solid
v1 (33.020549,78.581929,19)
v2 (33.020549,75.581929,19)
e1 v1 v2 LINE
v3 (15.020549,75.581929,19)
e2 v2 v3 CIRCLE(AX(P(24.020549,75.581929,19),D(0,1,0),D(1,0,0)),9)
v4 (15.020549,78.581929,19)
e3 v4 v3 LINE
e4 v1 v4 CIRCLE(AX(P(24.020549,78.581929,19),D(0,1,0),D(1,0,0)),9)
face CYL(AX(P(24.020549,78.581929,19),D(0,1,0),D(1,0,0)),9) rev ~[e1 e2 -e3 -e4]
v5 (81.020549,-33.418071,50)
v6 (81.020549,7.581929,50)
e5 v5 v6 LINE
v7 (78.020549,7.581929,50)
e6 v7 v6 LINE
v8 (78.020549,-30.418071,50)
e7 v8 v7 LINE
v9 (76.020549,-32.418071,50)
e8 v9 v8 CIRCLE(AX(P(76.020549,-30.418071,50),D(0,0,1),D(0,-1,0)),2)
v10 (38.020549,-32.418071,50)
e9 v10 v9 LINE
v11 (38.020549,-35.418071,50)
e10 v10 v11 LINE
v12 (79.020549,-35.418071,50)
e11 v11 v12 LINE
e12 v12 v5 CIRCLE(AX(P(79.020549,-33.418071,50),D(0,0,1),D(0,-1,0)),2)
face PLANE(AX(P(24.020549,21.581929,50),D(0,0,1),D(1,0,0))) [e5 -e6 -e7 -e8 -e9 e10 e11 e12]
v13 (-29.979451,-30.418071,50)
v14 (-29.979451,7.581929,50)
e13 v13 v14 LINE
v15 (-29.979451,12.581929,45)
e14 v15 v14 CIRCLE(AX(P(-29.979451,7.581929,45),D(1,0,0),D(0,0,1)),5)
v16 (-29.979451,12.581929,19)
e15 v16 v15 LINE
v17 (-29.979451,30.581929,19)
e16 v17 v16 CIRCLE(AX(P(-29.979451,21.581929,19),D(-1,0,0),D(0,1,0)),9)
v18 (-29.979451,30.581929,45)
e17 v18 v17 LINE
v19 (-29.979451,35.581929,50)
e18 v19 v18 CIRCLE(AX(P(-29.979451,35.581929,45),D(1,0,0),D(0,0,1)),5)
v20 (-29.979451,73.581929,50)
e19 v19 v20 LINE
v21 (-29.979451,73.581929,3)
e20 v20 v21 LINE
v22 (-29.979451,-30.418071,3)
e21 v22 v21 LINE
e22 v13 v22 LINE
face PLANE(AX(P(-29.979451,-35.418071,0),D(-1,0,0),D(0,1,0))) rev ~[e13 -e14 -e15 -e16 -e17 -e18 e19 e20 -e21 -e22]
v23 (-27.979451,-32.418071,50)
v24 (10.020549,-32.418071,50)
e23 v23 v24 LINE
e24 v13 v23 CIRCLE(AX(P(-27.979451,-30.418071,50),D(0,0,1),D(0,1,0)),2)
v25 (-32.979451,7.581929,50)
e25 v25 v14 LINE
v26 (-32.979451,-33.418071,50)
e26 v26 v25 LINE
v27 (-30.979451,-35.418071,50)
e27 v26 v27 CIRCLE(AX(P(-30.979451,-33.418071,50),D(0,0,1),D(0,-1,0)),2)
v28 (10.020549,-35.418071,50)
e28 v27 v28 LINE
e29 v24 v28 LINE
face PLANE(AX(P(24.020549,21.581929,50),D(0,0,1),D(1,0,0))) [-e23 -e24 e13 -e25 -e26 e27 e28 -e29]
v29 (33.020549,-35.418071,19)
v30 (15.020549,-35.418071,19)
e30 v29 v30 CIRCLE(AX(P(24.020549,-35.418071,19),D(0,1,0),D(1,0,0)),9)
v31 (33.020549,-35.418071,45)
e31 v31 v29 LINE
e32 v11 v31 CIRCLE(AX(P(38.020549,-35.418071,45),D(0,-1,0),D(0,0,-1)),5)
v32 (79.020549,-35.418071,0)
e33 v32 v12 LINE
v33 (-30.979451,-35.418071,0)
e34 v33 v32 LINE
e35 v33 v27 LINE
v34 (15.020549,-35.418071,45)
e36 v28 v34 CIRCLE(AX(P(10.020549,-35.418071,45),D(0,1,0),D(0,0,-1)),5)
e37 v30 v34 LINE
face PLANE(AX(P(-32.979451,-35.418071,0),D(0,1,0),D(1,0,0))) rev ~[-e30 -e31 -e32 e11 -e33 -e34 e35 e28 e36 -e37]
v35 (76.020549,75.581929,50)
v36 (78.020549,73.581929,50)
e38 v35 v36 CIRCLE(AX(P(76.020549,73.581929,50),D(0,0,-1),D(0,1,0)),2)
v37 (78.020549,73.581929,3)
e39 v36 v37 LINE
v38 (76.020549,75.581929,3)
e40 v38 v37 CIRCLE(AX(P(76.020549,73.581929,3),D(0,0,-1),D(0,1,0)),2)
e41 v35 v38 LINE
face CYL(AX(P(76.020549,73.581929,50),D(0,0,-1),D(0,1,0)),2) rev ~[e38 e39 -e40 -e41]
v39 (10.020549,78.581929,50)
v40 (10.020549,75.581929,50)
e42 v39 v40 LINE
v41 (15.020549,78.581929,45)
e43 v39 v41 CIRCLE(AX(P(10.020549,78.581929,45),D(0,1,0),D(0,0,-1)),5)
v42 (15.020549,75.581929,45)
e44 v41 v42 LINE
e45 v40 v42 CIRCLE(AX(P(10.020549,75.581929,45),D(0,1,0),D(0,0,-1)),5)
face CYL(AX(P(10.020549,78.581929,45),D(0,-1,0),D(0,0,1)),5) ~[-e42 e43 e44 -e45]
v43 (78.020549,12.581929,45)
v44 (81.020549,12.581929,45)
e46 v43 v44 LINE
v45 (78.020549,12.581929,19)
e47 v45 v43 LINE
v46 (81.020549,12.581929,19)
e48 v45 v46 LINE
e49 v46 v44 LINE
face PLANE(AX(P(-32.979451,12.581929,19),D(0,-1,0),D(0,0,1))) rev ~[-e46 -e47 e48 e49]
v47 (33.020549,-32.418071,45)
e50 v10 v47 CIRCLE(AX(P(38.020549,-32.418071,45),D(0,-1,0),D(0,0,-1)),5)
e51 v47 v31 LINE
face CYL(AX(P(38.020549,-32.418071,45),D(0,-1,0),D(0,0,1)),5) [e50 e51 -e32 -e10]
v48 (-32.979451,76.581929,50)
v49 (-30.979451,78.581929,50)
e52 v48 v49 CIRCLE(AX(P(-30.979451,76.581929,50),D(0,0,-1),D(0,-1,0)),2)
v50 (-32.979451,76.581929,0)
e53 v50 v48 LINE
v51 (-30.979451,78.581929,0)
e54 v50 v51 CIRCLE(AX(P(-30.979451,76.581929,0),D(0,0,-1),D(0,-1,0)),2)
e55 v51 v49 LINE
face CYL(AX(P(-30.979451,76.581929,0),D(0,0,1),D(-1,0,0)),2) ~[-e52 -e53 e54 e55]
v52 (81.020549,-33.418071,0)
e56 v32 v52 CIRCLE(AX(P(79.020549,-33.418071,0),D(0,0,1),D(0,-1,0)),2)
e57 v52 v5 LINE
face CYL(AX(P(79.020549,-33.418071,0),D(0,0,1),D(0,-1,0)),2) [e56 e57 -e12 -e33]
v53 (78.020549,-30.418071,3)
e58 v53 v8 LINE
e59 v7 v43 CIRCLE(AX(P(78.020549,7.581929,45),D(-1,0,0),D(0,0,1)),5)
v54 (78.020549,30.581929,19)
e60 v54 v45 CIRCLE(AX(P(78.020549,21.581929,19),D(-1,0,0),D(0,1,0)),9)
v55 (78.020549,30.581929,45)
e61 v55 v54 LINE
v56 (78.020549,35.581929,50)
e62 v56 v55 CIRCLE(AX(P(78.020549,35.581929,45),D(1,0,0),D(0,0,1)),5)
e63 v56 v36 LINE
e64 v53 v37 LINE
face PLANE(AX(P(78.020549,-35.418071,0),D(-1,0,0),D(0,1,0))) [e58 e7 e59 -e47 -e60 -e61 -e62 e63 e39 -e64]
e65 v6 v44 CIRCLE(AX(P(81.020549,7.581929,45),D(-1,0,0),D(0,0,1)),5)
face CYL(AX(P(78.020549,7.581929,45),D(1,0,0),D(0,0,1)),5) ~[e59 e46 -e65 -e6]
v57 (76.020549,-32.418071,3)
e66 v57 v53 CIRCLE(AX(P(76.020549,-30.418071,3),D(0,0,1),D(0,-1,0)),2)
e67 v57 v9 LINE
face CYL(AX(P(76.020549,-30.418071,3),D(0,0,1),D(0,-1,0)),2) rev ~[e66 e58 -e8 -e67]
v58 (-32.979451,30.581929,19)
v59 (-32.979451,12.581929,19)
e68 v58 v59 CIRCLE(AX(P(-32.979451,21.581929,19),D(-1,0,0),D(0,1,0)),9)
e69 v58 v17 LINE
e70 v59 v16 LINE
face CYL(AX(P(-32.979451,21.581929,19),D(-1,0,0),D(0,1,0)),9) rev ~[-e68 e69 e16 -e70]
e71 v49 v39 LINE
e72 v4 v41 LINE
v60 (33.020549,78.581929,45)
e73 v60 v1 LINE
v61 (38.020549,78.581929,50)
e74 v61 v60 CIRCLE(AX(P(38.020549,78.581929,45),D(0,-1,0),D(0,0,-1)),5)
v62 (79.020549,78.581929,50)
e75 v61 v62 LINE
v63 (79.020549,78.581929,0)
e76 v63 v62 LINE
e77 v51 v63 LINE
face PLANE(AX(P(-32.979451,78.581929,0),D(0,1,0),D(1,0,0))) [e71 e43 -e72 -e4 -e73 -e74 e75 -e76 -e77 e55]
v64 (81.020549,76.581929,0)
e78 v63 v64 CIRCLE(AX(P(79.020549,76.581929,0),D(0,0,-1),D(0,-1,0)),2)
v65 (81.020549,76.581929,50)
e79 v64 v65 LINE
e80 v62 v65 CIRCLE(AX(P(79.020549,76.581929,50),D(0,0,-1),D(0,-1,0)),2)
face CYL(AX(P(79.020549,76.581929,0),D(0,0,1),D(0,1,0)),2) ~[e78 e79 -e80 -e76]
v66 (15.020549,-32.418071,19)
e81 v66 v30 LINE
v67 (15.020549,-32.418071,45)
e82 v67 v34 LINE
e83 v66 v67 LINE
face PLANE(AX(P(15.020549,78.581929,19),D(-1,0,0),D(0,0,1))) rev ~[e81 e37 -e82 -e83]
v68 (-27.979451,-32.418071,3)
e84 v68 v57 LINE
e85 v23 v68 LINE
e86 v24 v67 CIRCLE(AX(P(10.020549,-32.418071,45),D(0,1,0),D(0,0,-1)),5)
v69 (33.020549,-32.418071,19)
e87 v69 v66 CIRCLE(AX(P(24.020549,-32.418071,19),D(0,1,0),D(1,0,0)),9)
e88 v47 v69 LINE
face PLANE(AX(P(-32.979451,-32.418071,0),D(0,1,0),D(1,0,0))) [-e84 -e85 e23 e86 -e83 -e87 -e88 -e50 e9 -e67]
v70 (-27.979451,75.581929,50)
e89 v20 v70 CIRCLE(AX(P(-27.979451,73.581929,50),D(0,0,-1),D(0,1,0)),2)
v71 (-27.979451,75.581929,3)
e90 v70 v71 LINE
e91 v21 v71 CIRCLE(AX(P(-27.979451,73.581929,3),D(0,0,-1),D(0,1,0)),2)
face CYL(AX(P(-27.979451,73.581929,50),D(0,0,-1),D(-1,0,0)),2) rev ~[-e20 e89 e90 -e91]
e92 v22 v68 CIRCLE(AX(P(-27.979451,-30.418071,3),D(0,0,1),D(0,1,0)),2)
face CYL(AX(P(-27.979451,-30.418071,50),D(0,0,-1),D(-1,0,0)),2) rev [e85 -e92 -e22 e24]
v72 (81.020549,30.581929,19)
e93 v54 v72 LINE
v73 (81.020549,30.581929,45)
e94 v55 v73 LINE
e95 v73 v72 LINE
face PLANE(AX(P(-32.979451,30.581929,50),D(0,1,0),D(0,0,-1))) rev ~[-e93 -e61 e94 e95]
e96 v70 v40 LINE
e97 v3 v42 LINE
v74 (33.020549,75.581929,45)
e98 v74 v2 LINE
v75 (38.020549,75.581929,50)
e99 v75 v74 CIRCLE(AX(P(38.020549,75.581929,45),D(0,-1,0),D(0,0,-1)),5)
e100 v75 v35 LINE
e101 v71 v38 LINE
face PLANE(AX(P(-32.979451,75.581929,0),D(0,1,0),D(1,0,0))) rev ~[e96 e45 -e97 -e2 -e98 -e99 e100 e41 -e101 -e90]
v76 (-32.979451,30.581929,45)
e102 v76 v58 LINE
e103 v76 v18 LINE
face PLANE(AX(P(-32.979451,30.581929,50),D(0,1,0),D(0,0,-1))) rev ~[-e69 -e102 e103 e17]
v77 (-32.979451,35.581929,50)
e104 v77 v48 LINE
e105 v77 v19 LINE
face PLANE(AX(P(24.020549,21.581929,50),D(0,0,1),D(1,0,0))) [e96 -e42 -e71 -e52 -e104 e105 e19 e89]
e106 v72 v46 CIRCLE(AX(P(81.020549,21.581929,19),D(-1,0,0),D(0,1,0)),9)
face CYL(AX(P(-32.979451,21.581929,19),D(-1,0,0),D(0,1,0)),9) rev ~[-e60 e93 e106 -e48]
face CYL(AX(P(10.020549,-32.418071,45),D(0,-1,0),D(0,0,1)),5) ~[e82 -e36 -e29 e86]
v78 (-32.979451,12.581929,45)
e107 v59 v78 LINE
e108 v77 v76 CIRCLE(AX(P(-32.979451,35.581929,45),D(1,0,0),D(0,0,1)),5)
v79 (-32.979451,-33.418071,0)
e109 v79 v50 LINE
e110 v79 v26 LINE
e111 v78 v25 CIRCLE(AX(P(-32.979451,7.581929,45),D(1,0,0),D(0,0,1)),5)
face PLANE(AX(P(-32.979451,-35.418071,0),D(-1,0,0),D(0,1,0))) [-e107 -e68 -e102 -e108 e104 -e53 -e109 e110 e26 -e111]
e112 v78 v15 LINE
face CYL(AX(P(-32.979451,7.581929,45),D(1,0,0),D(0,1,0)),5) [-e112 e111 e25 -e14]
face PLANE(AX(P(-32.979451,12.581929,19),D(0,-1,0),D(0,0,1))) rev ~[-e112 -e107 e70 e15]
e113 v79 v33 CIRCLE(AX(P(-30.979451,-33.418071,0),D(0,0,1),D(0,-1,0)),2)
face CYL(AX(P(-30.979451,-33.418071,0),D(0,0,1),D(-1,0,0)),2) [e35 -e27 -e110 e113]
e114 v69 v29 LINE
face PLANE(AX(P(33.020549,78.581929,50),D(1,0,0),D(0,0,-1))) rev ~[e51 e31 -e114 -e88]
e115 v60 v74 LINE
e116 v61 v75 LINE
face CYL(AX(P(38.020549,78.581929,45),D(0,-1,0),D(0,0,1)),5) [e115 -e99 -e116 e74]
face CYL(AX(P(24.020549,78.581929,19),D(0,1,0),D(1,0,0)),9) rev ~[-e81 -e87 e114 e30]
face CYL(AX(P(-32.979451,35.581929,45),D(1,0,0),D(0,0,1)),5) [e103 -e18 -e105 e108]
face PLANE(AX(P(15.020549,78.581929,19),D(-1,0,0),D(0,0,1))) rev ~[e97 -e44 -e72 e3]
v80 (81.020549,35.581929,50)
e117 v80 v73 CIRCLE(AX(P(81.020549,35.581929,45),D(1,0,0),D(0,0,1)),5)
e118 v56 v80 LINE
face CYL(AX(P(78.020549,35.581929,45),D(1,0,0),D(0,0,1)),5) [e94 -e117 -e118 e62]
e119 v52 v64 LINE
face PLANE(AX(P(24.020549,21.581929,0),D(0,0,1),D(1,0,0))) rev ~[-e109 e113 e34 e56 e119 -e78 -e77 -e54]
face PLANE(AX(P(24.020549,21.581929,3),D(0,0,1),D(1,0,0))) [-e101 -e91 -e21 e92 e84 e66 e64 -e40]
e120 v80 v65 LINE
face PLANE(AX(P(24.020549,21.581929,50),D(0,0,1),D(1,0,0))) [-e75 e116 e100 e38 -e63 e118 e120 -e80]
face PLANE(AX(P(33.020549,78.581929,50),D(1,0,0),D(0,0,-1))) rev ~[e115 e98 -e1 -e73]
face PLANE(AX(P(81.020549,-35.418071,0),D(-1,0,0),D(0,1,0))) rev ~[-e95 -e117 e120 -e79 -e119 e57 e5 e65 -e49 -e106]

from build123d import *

# Parameters (mm, degrees)
F0_W     = 114
F0_H     = 114
F1_DEPTH = 50
F2_T     = -3
F4_DEPTH = 114.001
F6_DEPTH = 114.001
F7_R     = 5
F8_R     = 2
F9_R     = 2


with BuildPart() as f1:
    # F0 (on Top) → F1 (new body)
    with BuildSketch(Plane.XY):
        with Locations((24.0205488801, 21.5819291472)):
            Rectangle(F0_W, F0_H)
    extrude(amount=F1_DEPTH)

    # F2
    f2_openings = [f1.faces().sort_by_distance(p)[0] for p in [
        (24.020549, 21.581929, 50),
    ]]
    offset(amount=F2_T, openings=f2_openings)

    # F3 (on face) → F4 (cut, through all)
    with BuildSketch(Plane(origin=(-32.9794511199, 0, 0), x_dir=(0, -1, 0), z_dir=(-1, 0, 0))):
        with BuildLine():
            Line((-12.5819291472, 19), (-12.5819291472, 50))
            Line((-12.5819291472, 50), (-30.5819291472, 50))
            Line((-30.5819291472, 50), (-30.5819291472, 19))
            ThreePointArc((-30.5819291472, 19), (-21.5819291472, 10), (-12.5819291472, 19))
        make_face()
    extrude(amount=-F4_DEPTH, mode=Mode.SUBTRACT)

    # F5 (on face) → F6 (cut, through all)
    with BuildSketch(Plane(origin=(0, 78.5819291472, 0), x_dir=(-1, 0, 0), z_dir=(0, 1, 0))):
        with BuildLine():
            Line((-33.0205488801, 50), (-33.0205488801, 19))
            ThreePointArc((-33.0205488801, 19), (-24.0205488801, 10), (-15.0205488801, 19))
            Line((-15.0205488801, 19), (-15.0205488801, 50))
            Line((-15.0205488801, 50), (-33.0205488801, 50))
        make_face()
    extrude(amount=-F6_DEPTH, mode=Mode.SUBTRACT)

    # F7
    f7_edges = [f1.edges().sort_by_distance(p)[0] for p in [
        (15.020549, 77.081929, 50),
        (15.020549, -33.918071, 50),
        (33.020549, 77.081929, 50),
        (33.020549, -33.918071, 50),
        (79.520549, 12.581929, 50),
        (-31.479451, 12.581929, 50),
        (79.520549, 30.581929, 50),
        (-31.479451, 30.581929, 50),
    ]]
    fillet(f7_edges, radius=F7_R)

    # F8
    f8_edges = [f1.edges().sort_by_distance(p)[0] for p in [
        (81.020549, -35.418071, 25),
        (-32.979451, -35.418071, 25),
        (-32.979451, 78.581929, 25),
        (81.020549, 78.581929, 25),
    ]]
    fillet(f8_edges, radius=F8_R)

    # F9
    f9_edges = [f1.edges().sort_by_distance(p)[0] for p in [
        (-29.979451, -32.418071, 26.5),
        (-29.979451, 75.581929, 26.5),
        (78.020549, 75.581929, 26.5),
        (78.020549, -32.418071, 26.5),
    ]]
    fillet(f9_edges, radius=F9_R)


solid = f1.part
